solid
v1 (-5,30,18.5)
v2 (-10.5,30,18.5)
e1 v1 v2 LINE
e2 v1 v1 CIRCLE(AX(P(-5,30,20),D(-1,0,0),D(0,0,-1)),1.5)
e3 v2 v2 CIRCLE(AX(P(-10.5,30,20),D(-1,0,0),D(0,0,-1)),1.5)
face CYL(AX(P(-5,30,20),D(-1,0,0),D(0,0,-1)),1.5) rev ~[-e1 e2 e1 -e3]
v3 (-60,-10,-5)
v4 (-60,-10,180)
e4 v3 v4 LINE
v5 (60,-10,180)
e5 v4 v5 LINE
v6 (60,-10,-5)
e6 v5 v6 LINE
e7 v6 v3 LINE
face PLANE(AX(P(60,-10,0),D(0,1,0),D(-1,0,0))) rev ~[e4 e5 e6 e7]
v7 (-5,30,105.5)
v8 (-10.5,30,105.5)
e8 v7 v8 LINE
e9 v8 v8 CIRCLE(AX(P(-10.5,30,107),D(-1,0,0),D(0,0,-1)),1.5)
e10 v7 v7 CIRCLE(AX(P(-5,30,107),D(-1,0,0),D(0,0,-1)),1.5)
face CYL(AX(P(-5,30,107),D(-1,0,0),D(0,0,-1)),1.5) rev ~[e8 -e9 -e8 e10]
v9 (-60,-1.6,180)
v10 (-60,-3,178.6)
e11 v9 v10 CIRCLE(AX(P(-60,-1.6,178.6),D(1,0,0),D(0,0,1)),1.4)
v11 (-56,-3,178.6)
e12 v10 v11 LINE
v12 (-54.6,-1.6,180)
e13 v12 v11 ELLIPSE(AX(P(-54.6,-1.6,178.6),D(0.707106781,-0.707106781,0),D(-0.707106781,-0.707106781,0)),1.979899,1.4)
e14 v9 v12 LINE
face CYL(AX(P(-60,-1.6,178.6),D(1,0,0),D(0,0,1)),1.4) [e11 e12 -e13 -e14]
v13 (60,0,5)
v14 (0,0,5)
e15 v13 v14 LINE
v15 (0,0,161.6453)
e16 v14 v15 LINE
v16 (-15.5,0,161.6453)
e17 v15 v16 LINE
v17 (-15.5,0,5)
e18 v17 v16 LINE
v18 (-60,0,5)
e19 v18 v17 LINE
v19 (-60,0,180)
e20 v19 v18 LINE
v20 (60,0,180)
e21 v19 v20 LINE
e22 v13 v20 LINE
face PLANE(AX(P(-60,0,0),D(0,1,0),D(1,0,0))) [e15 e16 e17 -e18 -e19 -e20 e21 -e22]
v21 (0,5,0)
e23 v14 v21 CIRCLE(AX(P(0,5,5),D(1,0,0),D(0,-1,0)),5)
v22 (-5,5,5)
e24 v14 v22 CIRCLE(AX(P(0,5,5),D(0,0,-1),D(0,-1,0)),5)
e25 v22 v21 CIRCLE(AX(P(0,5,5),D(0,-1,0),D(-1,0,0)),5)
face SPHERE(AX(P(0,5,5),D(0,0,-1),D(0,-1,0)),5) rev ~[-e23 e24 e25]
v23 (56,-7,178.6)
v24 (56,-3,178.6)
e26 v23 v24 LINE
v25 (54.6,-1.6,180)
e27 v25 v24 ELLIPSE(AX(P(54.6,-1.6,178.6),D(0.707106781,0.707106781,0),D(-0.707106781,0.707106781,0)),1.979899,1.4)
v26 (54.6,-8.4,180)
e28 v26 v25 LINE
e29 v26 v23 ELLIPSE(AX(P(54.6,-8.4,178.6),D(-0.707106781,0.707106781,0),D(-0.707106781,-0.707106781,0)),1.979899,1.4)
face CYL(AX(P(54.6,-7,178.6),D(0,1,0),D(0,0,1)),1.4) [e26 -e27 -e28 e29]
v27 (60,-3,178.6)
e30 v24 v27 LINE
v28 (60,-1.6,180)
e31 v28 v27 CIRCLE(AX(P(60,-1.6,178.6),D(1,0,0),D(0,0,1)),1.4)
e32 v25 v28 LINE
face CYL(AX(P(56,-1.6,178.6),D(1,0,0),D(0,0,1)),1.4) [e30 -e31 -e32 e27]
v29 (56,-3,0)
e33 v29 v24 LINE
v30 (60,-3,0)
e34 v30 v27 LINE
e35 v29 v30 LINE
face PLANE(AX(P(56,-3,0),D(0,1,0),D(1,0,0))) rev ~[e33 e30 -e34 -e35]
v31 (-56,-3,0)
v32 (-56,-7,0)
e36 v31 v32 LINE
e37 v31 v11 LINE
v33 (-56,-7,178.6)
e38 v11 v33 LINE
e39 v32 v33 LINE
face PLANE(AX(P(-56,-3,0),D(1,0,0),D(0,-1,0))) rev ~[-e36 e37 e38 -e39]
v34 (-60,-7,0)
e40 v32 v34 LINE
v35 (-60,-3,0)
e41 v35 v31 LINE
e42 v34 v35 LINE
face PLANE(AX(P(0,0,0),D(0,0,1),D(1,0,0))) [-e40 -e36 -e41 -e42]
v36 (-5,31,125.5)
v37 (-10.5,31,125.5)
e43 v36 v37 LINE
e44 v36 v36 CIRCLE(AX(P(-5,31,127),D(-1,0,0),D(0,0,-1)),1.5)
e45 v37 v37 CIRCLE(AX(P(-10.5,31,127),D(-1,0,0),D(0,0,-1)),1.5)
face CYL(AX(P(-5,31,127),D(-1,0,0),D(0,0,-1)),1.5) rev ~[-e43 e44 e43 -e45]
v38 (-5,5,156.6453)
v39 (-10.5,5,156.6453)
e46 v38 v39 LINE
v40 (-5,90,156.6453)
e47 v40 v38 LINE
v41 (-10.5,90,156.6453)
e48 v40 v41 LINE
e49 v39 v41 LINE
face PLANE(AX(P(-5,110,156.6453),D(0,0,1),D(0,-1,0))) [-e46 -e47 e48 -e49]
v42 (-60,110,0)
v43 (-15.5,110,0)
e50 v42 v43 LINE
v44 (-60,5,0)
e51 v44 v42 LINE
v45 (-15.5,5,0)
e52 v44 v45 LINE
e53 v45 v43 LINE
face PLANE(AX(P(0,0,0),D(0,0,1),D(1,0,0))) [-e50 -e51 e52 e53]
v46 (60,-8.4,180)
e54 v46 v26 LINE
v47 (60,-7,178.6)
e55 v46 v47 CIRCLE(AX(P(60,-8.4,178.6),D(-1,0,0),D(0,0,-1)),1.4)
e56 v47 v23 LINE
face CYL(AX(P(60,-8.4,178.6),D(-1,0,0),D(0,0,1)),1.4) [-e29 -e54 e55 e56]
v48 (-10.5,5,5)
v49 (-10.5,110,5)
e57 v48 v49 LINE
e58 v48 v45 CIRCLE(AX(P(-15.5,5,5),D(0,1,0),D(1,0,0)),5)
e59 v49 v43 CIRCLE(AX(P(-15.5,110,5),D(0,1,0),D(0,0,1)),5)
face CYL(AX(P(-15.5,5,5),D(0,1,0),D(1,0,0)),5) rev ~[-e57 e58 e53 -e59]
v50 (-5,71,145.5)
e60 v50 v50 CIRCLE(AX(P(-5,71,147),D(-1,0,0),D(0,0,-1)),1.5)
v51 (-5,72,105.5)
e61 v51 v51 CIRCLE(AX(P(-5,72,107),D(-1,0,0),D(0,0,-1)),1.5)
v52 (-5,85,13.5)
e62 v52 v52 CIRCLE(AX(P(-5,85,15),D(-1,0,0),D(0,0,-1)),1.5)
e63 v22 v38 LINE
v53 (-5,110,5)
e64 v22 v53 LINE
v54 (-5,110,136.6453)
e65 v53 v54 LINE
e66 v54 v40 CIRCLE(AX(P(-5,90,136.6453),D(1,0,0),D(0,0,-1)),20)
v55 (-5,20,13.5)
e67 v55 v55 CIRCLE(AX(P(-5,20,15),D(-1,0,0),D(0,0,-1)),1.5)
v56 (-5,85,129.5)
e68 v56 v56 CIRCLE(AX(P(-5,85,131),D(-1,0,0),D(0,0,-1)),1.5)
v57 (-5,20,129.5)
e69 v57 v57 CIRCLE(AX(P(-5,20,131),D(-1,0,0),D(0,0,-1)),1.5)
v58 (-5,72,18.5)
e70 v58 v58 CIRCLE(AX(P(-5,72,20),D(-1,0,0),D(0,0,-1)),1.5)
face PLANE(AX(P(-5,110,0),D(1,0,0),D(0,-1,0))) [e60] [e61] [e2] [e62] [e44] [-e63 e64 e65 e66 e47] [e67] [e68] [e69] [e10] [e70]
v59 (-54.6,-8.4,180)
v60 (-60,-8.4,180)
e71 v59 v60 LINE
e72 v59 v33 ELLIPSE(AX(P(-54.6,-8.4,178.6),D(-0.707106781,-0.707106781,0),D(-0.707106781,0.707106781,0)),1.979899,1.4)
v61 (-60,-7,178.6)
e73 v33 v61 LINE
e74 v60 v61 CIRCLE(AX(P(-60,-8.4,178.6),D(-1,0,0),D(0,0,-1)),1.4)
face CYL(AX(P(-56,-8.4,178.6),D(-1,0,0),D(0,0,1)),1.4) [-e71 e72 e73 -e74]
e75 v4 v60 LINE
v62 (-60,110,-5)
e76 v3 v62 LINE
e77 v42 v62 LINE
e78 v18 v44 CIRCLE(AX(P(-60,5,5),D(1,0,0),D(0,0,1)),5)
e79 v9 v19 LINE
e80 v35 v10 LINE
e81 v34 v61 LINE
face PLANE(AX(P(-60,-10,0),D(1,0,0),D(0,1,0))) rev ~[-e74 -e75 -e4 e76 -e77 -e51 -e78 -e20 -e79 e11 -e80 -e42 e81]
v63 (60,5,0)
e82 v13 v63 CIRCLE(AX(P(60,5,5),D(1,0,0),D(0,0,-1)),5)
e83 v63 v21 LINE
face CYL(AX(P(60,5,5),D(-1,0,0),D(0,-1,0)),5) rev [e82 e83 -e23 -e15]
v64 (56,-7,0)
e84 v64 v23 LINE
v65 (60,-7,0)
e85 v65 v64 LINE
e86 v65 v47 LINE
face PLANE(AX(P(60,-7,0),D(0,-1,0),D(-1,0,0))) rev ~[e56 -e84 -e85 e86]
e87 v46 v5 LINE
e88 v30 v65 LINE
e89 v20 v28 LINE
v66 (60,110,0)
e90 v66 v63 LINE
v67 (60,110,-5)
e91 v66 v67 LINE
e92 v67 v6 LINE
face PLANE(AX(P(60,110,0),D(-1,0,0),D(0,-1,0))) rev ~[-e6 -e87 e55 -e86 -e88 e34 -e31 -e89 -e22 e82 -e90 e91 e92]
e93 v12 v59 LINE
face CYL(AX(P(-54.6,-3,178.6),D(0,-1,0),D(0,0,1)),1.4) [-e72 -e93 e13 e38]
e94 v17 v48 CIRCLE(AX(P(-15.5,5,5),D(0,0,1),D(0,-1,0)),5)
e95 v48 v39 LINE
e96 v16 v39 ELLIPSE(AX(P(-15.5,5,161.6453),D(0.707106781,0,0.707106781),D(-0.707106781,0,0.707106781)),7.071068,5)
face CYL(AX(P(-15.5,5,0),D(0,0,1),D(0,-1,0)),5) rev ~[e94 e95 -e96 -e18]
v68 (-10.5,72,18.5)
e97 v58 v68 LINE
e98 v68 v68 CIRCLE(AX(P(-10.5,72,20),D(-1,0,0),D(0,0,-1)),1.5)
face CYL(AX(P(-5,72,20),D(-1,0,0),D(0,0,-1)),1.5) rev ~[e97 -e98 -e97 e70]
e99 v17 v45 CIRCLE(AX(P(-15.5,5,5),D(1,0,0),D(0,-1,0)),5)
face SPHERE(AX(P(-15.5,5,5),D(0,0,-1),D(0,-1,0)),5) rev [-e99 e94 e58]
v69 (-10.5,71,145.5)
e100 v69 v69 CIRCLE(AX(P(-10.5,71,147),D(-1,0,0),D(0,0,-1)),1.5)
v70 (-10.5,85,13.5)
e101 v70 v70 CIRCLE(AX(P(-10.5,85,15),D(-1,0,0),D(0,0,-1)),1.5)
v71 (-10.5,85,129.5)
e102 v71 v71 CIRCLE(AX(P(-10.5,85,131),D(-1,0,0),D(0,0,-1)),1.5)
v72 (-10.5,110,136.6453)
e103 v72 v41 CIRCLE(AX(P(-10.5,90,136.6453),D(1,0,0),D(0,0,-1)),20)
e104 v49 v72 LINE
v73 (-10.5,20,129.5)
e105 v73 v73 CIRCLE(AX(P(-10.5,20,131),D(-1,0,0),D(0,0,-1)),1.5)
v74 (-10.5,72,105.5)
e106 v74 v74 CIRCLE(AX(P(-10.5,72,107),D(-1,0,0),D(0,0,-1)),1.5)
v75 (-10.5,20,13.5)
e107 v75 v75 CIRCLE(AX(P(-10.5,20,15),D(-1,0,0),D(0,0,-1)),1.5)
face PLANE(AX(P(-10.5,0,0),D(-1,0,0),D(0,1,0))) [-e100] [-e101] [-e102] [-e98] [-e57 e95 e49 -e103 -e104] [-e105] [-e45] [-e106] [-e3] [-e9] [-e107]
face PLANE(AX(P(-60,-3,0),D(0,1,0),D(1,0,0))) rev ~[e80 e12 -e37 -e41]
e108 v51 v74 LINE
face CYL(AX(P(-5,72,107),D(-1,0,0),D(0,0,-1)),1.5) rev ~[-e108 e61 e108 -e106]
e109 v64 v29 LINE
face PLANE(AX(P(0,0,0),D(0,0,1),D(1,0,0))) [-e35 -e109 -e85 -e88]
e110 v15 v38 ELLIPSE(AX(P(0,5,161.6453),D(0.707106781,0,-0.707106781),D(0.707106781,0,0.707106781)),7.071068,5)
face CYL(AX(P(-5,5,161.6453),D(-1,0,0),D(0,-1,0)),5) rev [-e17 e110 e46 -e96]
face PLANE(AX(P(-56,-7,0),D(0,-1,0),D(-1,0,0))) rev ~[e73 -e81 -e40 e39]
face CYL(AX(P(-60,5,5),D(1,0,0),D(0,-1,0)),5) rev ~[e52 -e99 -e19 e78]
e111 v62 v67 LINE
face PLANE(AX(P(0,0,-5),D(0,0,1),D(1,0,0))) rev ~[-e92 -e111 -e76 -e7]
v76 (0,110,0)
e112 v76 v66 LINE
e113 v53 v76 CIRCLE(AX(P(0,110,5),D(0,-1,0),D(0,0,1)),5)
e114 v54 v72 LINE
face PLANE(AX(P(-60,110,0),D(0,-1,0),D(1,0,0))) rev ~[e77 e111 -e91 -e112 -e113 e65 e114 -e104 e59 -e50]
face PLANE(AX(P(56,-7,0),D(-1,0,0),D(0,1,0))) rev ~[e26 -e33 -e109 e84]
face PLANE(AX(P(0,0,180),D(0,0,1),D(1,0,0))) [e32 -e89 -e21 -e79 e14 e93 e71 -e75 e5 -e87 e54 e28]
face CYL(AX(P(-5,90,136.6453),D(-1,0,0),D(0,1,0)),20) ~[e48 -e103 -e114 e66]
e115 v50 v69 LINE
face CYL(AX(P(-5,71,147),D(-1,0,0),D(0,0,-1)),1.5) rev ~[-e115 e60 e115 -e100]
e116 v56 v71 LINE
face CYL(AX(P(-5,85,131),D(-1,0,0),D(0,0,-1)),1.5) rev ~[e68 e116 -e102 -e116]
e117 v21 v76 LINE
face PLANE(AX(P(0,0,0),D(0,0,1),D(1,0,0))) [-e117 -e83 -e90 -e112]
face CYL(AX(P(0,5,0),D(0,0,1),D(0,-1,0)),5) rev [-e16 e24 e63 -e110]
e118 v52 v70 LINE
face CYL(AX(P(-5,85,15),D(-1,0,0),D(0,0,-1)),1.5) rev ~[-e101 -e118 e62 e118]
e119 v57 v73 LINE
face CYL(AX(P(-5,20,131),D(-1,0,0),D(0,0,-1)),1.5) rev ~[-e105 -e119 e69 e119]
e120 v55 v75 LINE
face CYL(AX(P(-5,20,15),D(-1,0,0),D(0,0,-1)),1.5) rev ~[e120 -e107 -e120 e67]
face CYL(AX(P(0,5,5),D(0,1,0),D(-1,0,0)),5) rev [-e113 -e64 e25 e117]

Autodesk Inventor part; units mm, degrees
ref_plane "YZ Plane" through (0, 0, 0) normal (1, 0, 0) x (0, 1, 0)
ref_plane "XZ Plane" through (0, 0, 0) normal (0, 1, 0) x (-1, 0, 0)
ref_plane "XY Plane" through (0, 0, 0) normal (0, 0, 1) x (1, 0, 0)
sketch "Skizze1" plane through (0, 0, 0) normal (0, 0, 1) x (1, 0, 0)
  line L0 (-60, 110) -> (60, 110)
  line L1 (60, 110) -> (60, -10)
  line L2 (60, -10) -> (-60, -10)
  line L3 (-60, -10) -> (-60, 110)
  point P0 (0, 0)
  point P1 (0, 110)
  dimension "d0" = 120
  dimension "d1" = 120
  dimension "d2" = 10
extrude "Extrusion1" add sketch "Skizze1" against normal blind 5
sketch "Skizze2" plane through (0, 0, 0) normal (0, 0, 1) x (1, 0, 0)
  line L0 (-60, -10) -> (-60, 110) projected
  line L1 (-60, 0) -> (-10.5, 0)
  line L2 (-10.5, 0) -> (-10.5, 110)
  line L3 (-60, 110) -> (60, 110) projected
  line L4 (-5, 110) -> (-5, 0)
  line L5 (-5, 0) -> (60, 0)
  line L6 (-60, -10) -> (60, -10) projected
  line L7 (60, -10) -> (-60, -10) projected
  line L8 (60, 110) -> (60, -10) projected
  line L9 (-10.5, 110) -> (-5, 110)
  line L10 (-60, -10) -> (60, -10)
  line L11 (-60, 0) -> (-60, -3)
  line L12 (-60, -3) -> (-56, -3)
  line L13 (-56, -3) -> (-56, -7)
  line L14 (-56, -7) -> (-60, -7)
  line L15 (-60, -7) -> (-60, -10)
  line L16 (60, -10) -> (60, -7)
  line L17 (60, -7) -> (56, -7)
  line L18 (56, -7) -> (56, -3)
  line L19 (56, -3) -> (60, -3)
  line L20 (60, 0) -> (60, -3)
  point P0 (0, 0)
  dimension "d6" = 5.5
  dimension "d7" = 10
  dimension "d12" = 4
  dimension "d13" = 3
  dimension "d14" = 3
  dimension "d15" = 4
  dimension "d31" = 65
extrude "Extrusion2" add sketch "Skizze2" along normal blind 180 contours L0 L14 L13 L12 L1 L2 L3 L4 L5 L8 L19 L18 L17 L6
sketch "Skizze3" plane through (-5, 0, 0) normal (1, 0, 0) x (0, 0, -1)
  line L0 (-131, 85) -> (-15, 85) construction
  line L1 (-15, 85) -> (-15, 20) construction
  line L2 (-15, 20) -> (-131, 20) construction
  line L3 (-131, 20) -> (-131, 85) construction
  line L4 (0, 0) -> (0, 110) projected
  line L5 (0, 0) -> (-180, 0) projected
  line L6 (-107, 72) -> (-20, 72) construction
  line L7 (-20, 72) -> (-20, 30) construction
  line L8 (-20, 30) -> (-107, 30) construction
  line L9 (-107, 30) -> (-107, 72) construction
  line L10 (-147, 71) -> (-127, 71) construction
  line L11 (-127, 71) -> (-127, 31) construction
  line L12 (-127, 31) -> (-147, 31) construction
  line L13 (-147, 31) -> (-147, 71) construction
  dimension "d16" = 116
  dimension "d17" = 65
  dimension "d18" = 15
  dimension "d19" = 20
  dimension "d27" = 87
  dimension "d28" = 42
  dimension "d29" = 5
  dimension "d30" = 10
  dimension "d32" = 20
  dimension "d33" = 40
  dimension "d34" = 20
  dimension "d35" = 11
hole "Bohrung1" at (-5, 85, 131) at (-5, 20, 131) at (-5, 20, 15) at (-5, 85, 15) at (-5, 72, 107) at (-5, 30, 107) at (-5, 30, 20) at (-5, 72, 20) at (-5, 71, 147) at (-5, 31, 127) direction (-1, 0, 0) diameter 3 end through all
sketch "Skizze4" plane through (-5, 0, 0) normal (1, 0, 0) x (0, 0, -1)
  line L0 (0, 110) -> (-180, 110) projected
  line L1 (-156.6453, 110) -> (-156.6453, 0)
  line L2 (0, 0) -> (-180, 0) projected
  line L3 (-156.6453, 0) -> (-180, 0)
  line L4 (-180, 0) -> (-180, 110)
  line L5 (0, -3) -> (-180, -3) projected
  line L6 (-180, 110) -> (-156.6453, 110)
extrude "Extrusion3" cut sketch "Skizze4" against normal through all
sketch "Skizze5" plane through (-5, 0, 0) normal (1, 0, 0) x (0, 0, -1)
  point P0 (0, 0)
fillet "Rundung1" radius 20 1 edges at (-7.75, 110, 156.6453)
fillet "Rundung2" radius 1.4 6 edges at (58, -7, 180) (56, -5, 180) (58, -3, 180) (-58, -7, 180) (-56, -5, 180) (-58, -3, 180)
fillet "Rundung3" radius 5 3 edges at (-5, 0, 78.3226) (-10.5, 0, 78.3226) (-7.75, 0, 156.6453)
fillet "Rundung4" radius 5 5 edges at (-3.5355, 1.4645, 0) (-5, 57.5, 0) (-37.75, 0, 0) (-10.5, 57.5, 0) (-11.9645, 1.4645, 0)
equation "\"d13\" = d14"
equation "\"d15\" = d12"
properties part number "netzteil_halter_unten"
